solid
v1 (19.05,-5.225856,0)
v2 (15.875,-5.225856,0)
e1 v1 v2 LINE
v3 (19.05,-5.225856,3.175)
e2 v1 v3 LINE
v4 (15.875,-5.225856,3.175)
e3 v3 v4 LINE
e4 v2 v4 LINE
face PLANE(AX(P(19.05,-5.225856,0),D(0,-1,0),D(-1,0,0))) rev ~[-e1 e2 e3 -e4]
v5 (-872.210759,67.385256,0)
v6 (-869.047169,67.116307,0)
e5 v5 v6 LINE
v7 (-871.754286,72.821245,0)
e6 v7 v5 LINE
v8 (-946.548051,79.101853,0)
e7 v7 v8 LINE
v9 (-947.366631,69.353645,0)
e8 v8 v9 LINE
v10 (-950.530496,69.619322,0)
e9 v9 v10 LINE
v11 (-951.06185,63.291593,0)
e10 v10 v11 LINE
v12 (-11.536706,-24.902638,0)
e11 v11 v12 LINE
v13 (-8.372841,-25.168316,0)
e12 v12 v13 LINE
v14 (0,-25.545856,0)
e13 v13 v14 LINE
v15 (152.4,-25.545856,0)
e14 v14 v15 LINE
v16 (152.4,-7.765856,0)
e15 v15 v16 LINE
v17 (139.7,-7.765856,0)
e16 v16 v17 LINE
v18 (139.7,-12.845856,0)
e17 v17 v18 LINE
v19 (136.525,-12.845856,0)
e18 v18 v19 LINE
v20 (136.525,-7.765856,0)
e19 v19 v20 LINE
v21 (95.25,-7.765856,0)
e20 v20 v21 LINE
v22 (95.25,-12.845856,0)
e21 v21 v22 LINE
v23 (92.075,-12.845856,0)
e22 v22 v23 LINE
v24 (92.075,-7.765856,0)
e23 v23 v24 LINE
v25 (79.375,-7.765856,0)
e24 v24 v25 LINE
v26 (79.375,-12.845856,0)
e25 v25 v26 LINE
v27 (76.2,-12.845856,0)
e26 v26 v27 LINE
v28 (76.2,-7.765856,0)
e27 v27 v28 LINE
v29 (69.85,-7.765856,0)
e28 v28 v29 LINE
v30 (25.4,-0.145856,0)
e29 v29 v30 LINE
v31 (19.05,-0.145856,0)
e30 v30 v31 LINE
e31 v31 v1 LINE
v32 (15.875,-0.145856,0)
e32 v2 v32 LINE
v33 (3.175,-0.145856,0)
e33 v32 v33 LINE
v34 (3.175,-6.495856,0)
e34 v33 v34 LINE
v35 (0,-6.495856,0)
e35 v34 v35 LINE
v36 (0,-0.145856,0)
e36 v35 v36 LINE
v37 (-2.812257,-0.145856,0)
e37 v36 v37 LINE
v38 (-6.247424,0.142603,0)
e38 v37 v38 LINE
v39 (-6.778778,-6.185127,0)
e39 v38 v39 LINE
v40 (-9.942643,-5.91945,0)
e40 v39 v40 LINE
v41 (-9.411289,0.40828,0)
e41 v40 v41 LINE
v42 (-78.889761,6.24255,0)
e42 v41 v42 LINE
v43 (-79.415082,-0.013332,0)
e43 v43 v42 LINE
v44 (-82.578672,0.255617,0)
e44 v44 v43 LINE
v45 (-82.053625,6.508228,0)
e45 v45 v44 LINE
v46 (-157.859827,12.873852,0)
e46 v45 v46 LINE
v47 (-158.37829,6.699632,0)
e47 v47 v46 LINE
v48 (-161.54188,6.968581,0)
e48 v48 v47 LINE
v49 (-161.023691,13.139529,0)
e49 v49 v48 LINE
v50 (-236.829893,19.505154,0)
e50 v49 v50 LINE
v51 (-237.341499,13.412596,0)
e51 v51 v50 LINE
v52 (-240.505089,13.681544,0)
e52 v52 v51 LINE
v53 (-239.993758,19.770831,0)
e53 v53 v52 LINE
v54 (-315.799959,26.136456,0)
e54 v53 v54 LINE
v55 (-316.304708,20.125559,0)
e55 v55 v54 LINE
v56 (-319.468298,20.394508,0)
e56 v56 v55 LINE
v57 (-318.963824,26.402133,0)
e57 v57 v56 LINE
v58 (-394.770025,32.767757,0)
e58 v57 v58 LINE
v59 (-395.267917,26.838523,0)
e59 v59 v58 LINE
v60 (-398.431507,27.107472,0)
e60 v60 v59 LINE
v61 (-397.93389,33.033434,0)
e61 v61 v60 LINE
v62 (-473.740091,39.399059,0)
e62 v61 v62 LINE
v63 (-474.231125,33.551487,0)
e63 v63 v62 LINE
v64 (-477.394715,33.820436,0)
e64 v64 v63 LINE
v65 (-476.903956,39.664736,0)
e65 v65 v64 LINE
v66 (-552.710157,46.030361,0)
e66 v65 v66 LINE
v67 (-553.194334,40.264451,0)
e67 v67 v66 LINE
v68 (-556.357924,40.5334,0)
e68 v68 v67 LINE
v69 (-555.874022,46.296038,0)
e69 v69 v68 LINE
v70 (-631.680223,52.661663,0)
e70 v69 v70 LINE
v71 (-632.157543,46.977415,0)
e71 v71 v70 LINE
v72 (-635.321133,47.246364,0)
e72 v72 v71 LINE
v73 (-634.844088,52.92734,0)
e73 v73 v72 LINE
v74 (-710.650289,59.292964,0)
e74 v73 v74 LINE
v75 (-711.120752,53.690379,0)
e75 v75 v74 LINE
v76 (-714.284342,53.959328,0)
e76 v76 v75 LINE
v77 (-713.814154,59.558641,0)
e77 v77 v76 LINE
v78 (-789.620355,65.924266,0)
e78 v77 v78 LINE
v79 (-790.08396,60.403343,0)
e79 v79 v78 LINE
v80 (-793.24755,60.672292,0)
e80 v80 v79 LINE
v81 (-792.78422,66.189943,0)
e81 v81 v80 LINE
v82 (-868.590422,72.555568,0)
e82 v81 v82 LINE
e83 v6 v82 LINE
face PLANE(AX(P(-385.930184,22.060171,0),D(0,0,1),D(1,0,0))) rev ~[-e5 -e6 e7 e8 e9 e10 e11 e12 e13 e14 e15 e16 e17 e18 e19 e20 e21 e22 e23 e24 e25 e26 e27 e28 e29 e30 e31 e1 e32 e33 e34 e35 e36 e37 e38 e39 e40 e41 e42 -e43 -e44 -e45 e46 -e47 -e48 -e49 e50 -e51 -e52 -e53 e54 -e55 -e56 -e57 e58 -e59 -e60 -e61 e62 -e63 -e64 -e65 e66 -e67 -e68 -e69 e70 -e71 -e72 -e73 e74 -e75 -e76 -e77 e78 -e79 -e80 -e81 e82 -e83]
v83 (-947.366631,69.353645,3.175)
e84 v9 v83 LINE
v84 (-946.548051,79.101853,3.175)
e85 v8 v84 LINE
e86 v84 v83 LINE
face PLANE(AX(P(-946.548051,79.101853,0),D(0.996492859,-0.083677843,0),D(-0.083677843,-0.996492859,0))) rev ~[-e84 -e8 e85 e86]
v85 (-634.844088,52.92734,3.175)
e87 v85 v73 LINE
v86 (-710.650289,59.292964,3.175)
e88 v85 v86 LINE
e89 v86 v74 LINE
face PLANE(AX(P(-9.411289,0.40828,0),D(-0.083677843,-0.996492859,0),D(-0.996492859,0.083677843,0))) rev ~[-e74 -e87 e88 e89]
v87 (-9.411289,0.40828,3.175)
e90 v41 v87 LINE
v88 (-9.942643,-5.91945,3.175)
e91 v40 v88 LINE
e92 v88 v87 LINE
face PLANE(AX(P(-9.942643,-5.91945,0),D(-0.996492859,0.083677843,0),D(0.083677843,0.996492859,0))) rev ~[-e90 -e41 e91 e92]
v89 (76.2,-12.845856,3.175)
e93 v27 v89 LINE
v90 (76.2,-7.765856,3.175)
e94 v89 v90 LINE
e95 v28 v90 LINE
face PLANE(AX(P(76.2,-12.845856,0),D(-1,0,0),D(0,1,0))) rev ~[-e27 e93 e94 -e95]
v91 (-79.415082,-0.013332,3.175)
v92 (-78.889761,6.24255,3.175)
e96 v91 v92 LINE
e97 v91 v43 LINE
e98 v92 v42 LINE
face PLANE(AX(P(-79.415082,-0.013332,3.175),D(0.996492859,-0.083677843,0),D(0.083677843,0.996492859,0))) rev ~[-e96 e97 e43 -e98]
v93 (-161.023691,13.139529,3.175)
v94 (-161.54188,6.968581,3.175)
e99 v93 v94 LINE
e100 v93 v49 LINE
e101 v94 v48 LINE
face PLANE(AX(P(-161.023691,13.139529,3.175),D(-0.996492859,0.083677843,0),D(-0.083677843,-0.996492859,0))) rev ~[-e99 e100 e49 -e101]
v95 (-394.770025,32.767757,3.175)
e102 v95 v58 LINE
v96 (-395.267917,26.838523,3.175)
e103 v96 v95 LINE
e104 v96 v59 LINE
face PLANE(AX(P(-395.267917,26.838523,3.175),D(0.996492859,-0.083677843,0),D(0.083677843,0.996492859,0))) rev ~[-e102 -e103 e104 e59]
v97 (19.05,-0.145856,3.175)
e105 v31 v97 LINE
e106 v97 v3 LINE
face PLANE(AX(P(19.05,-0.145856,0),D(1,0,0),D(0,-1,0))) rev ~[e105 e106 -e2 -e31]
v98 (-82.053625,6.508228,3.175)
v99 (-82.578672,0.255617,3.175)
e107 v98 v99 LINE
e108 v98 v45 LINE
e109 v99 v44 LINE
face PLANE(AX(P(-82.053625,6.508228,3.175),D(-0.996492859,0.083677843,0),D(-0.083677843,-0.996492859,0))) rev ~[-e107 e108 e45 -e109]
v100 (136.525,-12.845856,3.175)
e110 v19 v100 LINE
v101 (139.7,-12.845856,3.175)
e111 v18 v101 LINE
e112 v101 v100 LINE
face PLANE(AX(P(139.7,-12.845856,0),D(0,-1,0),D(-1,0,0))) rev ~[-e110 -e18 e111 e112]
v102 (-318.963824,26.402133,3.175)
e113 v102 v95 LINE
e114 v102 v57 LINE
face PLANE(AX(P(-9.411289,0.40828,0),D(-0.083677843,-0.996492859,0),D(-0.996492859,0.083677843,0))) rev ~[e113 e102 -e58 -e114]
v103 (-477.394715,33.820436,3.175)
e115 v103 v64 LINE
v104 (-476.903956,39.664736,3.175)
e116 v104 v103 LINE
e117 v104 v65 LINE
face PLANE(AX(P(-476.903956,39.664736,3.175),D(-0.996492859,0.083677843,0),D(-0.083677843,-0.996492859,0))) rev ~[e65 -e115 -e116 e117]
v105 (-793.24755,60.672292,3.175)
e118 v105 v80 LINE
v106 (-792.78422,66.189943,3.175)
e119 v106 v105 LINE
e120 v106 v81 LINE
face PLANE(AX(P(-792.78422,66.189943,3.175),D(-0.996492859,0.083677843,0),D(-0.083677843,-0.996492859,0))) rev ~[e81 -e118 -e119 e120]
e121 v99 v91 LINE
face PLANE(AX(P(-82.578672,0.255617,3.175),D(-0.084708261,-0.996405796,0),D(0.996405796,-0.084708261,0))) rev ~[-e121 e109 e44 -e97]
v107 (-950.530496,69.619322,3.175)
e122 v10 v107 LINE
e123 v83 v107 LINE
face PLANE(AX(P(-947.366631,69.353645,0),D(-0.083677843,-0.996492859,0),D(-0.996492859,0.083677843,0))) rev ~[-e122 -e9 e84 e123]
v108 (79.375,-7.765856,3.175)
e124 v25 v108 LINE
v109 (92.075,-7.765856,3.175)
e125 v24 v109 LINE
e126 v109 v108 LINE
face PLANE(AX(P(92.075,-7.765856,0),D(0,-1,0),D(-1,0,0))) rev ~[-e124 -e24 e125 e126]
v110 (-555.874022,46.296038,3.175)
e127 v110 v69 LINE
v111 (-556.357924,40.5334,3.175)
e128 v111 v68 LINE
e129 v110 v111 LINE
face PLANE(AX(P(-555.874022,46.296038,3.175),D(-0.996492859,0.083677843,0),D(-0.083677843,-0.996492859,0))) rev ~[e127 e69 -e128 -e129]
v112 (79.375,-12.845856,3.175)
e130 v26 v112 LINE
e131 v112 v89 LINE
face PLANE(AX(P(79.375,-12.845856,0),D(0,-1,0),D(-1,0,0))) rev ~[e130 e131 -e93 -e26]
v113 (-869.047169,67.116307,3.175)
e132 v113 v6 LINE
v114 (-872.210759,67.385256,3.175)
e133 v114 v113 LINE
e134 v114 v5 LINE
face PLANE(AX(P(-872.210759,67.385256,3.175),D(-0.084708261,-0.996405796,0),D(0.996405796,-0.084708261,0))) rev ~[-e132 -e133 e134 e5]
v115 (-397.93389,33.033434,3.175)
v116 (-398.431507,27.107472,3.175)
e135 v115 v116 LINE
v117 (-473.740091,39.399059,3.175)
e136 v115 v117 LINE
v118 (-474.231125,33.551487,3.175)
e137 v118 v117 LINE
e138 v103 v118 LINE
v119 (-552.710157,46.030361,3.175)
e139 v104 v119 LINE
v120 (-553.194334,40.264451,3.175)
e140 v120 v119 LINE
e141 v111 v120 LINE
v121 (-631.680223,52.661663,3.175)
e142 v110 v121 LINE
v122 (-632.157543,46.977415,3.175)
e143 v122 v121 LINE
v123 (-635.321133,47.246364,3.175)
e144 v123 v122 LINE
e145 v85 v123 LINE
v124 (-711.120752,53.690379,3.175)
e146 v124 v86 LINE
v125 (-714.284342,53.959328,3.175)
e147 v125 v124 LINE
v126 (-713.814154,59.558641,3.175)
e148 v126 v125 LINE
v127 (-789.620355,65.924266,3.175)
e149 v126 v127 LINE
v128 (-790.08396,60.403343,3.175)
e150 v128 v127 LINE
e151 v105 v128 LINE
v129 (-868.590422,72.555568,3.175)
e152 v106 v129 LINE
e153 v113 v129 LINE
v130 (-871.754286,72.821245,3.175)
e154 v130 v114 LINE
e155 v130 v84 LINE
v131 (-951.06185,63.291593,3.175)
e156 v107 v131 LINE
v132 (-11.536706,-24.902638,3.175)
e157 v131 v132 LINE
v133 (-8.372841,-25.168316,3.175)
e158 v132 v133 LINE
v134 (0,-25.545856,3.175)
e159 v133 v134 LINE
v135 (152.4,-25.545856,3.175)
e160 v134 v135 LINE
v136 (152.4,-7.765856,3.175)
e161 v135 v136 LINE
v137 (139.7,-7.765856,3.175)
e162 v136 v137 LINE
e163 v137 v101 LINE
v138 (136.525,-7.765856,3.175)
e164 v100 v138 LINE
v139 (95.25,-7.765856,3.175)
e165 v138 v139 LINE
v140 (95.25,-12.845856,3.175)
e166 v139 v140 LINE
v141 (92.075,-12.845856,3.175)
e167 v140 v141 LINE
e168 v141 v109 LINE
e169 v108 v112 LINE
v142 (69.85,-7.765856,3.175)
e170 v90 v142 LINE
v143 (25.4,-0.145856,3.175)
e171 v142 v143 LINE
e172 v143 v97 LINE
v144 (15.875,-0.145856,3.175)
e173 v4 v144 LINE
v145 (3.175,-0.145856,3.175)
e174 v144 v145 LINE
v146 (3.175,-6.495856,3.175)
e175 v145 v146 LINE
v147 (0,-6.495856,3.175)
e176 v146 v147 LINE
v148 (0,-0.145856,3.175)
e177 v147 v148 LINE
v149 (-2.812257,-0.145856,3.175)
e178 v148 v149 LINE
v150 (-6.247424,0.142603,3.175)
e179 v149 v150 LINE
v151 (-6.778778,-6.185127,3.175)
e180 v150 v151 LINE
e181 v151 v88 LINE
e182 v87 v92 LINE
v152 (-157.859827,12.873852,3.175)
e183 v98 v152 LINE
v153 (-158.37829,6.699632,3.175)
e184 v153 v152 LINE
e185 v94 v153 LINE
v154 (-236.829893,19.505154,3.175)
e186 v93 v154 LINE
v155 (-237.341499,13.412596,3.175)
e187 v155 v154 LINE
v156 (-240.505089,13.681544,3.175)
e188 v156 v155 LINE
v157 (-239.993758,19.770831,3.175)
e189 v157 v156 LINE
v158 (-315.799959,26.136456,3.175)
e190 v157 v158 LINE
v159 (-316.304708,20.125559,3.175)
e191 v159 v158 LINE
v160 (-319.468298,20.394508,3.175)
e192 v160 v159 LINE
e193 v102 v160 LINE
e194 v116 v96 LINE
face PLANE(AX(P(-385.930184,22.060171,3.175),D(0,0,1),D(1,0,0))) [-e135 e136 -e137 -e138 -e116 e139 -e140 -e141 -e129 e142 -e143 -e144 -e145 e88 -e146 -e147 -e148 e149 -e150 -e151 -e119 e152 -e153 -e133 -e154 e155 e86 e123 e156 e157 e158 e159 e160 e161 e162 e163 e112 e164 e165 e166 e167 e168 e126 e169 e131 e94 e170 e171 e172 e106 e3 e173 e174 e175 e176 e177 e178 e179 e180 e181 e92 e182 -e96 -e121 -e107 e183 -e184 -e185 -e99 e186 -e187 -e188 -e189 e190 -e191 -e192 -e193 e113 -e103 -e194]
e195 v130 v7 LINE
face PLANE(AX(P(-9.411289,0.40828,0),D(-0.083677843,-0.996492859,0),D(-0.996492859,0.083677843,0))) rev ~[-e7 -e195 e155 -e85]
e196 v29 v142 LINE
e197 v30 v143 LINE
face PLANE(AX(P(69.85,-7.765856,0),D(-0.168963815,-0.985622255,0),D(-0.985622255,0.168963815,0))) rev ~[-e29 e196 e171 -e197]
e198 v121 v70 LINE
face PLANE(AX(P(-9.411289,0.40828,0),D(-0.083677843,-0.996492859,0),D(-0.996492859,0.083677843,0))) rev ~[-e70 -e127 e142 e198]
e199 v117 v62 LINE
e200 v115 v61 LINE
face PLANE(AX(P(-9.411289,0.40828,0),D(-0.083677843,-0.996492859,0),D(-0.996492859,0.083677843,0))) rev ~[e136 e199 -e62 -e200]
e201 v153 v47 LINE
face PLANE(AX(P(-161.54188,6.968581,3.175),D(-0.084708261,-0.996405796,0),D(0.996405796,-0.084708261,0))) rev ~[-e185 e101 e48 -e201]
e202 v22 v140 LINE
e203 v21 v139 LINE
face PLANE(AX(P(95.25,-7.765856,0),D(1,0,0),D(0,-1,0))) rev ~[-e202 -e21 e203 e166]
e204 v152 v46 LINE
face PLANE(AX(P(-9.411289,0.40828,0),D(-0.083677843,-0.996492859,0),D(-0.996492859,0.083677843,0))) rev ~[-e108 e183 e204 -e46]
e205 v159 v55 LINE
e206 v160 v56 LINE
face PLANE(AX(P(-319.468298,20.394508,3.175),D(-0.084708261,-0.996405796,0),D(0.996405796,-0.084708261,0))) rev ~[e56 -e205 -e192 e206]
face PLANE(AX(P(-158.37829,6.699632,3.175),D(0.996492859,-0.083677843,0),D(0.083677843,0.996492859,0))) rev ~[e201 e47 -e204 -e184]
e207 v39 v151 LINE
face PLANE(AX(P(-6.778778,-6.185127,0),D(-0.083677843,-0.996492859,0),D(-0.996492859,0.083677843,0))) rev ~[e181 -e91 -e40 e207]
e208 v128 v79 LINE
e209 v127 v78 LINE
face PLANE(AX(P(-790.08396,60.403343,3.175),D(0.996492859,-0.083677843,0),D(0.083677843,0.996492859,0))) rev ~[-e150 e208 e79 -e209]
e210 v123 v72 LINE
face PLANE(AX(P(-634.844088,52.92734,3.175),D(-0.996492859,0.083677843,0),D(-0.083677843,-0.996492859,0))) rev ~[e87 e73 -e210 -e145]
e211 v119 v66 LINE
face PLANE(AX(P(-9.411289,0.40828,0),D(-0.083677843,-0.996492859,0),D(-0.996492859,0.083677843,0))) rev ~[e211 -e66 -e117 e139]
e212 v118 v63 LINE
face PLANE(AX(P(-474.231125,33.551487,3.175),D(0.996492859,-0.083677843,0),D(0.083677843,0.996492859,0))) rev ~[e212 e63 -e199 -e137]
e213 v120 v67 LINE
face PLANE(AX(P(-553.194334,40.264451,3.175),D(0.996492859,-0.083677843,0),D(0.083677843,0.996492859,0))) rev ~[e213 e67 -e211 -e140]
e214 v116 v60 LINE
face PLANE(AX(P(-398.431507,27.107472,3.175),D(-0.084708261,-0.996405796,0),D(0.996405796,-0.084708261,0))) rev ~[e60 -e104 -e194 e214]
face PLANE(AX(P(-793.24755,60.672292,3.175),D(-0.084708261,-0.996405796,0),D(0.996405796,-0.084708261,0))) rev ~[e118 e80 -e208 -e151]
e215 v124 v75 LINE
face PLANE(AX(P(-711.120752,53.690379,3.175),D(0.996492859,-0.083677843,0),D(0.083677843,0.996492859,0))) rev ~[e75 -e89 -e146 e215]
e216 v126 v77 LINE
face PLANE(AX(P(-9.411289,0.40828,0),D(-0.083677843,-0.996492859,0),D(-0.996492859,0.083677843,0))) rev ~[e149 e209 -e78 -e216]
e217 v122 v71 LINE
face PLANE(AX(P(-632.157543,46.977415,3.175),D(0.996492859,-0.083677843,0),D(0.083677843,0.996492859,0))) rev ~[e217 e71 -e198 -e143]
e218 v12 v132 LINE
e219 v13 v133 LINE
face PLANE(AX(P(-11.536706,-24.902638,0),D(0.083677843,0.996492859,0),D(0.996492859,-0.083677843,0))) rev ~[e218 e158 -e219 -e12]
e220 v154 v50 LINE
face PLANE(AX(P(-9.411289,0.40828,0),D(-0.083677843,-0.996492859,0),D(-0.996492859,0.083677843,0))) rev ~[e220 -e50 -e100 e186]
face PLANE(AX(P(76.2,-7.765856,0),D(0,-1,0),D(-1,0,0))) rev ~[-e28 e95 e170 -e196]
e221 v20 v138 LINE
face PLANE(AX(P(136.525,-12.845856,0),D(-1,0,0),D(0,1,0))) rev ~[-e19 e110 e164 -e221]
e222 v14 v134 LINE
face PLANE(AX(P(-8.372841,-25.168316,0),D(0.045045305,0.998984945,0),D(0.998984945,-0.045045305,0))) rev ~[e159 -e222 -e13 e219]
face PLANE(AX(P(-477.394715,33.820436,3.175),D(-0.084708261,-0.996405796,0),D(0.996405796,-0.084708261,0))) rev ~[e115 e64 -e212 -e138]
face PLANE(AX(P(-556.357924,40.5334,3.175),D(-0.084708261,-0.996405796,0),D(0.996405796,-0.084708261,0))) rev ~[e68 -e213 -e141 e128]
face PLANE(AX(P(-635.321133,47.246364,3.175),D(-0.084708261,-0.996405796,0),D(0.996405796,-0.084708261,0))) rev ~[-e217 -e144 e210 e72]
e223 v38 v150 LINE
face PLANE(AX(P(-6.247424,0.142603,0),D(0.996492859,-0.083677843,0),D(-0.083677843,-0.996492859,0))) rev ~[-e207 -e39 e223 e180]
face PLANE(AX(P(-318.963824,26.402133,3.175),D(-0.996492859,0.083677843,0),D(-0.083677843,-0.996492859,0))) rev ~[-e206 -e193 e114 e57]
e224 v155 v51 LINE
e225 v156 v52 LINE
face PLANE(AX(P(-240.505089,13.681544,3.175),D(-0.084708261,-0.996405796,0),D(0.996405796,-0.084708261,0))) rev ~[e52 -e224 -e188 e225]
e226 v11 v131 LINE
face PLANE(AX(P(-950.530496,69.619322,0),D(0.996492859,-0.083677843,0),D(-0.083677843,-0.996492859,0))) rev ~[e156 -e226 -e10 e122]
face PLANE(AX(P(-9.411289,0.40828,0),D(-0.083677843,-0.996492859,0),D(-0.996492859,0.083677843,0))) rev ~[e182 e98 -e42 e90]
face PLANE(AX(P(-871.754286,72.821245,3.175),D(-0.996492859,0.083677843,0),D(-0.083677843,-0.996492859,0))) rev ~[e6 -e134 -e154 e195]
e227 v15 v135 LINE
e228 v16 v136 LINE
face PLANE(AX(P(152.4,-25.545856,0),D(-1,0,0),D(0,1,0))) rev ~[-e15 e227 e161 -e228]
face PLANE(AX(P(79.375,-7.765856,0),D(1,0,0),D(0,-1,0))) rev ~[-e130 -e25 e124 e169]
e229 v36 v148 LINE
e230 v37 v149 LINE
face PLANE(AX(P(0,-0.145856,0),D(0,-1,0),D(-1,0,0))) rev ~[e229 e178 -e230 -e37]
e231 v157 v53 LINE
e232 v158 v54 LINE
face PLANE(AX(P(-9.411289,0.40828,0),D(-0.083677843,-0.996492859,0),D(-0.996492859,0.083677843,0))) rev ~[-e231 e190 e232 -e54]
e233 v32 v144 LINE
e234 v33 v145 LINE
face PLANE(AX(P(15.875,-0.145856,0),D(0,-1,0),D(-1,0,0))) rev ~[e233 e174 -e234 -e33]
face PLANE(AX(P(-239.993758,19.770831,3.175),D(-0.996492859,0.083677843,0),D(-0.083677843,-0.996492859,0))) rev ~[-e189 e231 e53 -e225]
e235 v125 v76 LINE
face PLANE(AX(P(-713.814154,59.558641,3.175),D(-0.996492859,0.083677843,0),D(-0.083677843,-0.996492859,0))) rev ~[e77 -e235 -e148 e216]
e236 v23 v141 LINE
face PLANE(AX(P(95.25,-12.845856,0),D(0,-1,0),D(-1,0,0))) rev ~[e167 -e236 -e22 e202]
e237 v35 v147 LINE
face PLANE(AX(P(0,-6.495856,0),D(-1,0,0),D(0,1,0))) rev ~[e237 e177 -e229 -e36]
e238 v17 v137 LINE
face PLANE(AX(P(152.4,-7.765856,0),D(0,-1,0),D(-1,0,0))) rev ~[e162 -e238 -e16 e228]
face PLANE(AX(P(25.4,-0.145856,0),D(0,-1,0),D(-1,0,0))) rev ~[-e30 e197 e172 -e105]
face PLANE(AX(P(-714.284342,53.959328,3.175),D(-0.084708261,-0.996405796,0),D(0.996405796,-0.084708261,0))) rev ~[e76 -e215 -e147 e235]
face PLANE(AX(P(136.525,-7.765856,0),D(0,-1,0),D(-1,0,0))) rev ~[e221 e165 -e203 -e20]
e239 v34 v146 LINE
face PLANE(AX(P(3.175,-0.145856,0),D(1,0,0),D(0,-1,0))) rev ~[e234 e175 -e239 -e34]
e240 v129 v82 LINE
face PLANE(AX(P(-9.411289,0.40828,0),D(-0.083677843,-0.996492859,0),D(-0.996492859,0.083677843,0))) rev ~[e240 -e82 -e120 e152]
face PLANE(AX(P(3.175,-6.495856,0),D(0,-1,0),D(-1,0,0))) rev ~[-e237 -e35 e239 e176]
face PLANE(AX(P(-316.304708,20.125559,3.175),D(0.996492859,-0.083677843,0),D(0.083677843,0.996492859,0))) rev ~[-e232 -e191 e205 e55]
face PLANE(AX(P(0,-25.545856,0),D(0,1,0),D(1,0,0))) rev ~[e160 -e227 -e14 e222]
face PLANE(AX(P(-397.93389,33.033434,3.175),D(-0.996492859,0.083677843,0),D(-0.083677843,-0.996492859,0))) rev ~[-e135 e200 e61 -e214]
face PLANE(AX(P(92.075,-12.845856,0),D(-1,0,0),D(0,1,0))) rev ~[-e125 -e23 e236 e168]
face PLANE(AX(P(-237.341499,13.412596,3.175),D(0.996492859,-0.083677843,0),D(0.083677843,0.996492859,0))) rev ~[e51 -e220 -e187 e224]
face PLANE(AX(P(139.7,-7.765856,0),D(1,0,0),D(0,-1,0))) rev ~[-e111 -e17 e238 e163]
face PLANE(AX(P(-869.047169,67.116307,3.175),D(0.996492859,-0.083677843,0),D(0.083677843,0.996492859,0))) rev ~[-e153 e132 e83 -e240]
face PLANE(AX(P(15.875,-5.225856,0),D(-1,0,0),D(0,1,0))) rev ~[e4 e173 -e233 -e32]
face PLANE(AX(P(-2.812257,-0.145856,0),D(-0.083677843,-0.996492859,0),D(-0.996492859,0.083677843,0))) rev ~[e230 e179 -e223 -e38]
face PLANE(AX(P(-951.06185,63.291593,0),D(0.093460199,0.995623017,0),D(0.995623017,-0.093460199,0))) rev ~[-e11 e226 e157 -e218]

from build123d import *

# Parameters (mm, degrees)
BOSS_EXTRUDE1_DEPTH = 3.175
CUT_EXTRUDE1_DEPTH  = 4.175


with BuildPart() as part:
    # Sketch1 → Boss-Extrude1 (new body)
    with BuildSketch(Plane.XY):
        Polygon((-950.530495659, 69.619322302), (-951.061849964, 63.291592645), (-11.536706102, -24.902638492), (-8.372841274, -25.168315645), (0, -25.545856054), (152.4, -25.545856054), (152.4, -7.765856054), (139.7, -7.765856054), (139.7, -12.845856054), (136.525, -12.845856054), (136.525, -7.765856054), (95.25, -7.765856054), (95.25, -12.845856054), (92.075, -12.845856054), (92.075, -7.765856054), (79.375, -7.765856054), (79.375, -12.845856054), (76.2, -12.845856054), (76.2, -7.765856054), (69.85, -7.765856054), (25.4, -0.145856054), (19.05, -0.145856054), (19.05, -5.225856054), (15.875, -5.225856054), (15.875, -0.145856054), (3.175, -0.145856054), (3.175, -6.495856054), (0, -6.495856054), (0, -0.145856054), (-2.81225704, -0.145856054), (-6.247424053, 0.14260298), (-6.778778359, -6.185126677), (-9.942643187, -5.919449524), (-9.411288881, 0.408280132), (-946.54805097, 79.101852726), (-947.366630831, 69.353645149), align=None)
    extrude(amount=BOSS_EXTRUDE1_DEPTH)

    # Sketch2 → Cut-Extrude1 (cut, through all)
    with BuildSketch(Plane.XY.offset(3.175)):
        Polygon((-79.415081651, -0.013332249), (-78.889760507, 6.242550403), (-82.053625335, 6.508227555), (-82.578671745, 0.255616625), align=None)
        Polygon((-158.378290396, 6.699631648), (-157.859826617, 12.873852131), (-161.023691445, 13.139529284), (-161.54188049, 6.968580522), align=None)
        Polygon((-237.341499142, 13.412595546), (-236.829892727, 19.50515386), (-239.993757555, 19.770831012), (-240.505089236, 13.68154442), align=None)
        Polygon((-316.304707888, 20.125559443), (-315.799958836, 26.136455588), (-318.963823664, 26.402132741), (-319.468297982, 20.394508317), align=None)
        Polygon((-395.267916634, 26.83852334), (-394.770024946, 32.767757316), (-397.933889774, 33.033434469), (-398.431506728, 27.107472214), align=None)
        Polygon((-474.23112538, 33.551487238), (-473.740091056, 39.399059045), (-476.903955884, 39.664736197), (-477.394715474, 33.820436112), align=None)
        Polygon((-553.194334126, 40.264451135), (-552.710157166, 46.030360773), (-555.874021994, 46.296037926), (-556.35792422, 40.533400009), align=None)
        Polygon((-632.157542872, 46.977415032), (-631.680223276, 52.661662502), (-634.844088104, 52.927339654), (-635.321132966, 47.246363906), align=None)
        Polygon((-711.120751618, 53.69037893), (-710.650289385, 59.29296423), (-713.814154213, 59.558641383), (-714.284341712, 53.959327804), align=None)
        Polygon((-790.083960364, 60.403342827), (-789.620355495, 65.924265958), (-792.784220323, 66.189943111), (-793.247550458, 60.672291701), align=None)
        Polygon((-869.047169109, 67.116306724), (-868.590421605, 72.555567687), (-871.754286433, 72.821244839), (-872.210759203, 67.385255598), align=None)
    extrude(amount=-CUT_EXTRUDE1_DEPTH, mode=Mode.SUBTRACT)


solid = part.part
